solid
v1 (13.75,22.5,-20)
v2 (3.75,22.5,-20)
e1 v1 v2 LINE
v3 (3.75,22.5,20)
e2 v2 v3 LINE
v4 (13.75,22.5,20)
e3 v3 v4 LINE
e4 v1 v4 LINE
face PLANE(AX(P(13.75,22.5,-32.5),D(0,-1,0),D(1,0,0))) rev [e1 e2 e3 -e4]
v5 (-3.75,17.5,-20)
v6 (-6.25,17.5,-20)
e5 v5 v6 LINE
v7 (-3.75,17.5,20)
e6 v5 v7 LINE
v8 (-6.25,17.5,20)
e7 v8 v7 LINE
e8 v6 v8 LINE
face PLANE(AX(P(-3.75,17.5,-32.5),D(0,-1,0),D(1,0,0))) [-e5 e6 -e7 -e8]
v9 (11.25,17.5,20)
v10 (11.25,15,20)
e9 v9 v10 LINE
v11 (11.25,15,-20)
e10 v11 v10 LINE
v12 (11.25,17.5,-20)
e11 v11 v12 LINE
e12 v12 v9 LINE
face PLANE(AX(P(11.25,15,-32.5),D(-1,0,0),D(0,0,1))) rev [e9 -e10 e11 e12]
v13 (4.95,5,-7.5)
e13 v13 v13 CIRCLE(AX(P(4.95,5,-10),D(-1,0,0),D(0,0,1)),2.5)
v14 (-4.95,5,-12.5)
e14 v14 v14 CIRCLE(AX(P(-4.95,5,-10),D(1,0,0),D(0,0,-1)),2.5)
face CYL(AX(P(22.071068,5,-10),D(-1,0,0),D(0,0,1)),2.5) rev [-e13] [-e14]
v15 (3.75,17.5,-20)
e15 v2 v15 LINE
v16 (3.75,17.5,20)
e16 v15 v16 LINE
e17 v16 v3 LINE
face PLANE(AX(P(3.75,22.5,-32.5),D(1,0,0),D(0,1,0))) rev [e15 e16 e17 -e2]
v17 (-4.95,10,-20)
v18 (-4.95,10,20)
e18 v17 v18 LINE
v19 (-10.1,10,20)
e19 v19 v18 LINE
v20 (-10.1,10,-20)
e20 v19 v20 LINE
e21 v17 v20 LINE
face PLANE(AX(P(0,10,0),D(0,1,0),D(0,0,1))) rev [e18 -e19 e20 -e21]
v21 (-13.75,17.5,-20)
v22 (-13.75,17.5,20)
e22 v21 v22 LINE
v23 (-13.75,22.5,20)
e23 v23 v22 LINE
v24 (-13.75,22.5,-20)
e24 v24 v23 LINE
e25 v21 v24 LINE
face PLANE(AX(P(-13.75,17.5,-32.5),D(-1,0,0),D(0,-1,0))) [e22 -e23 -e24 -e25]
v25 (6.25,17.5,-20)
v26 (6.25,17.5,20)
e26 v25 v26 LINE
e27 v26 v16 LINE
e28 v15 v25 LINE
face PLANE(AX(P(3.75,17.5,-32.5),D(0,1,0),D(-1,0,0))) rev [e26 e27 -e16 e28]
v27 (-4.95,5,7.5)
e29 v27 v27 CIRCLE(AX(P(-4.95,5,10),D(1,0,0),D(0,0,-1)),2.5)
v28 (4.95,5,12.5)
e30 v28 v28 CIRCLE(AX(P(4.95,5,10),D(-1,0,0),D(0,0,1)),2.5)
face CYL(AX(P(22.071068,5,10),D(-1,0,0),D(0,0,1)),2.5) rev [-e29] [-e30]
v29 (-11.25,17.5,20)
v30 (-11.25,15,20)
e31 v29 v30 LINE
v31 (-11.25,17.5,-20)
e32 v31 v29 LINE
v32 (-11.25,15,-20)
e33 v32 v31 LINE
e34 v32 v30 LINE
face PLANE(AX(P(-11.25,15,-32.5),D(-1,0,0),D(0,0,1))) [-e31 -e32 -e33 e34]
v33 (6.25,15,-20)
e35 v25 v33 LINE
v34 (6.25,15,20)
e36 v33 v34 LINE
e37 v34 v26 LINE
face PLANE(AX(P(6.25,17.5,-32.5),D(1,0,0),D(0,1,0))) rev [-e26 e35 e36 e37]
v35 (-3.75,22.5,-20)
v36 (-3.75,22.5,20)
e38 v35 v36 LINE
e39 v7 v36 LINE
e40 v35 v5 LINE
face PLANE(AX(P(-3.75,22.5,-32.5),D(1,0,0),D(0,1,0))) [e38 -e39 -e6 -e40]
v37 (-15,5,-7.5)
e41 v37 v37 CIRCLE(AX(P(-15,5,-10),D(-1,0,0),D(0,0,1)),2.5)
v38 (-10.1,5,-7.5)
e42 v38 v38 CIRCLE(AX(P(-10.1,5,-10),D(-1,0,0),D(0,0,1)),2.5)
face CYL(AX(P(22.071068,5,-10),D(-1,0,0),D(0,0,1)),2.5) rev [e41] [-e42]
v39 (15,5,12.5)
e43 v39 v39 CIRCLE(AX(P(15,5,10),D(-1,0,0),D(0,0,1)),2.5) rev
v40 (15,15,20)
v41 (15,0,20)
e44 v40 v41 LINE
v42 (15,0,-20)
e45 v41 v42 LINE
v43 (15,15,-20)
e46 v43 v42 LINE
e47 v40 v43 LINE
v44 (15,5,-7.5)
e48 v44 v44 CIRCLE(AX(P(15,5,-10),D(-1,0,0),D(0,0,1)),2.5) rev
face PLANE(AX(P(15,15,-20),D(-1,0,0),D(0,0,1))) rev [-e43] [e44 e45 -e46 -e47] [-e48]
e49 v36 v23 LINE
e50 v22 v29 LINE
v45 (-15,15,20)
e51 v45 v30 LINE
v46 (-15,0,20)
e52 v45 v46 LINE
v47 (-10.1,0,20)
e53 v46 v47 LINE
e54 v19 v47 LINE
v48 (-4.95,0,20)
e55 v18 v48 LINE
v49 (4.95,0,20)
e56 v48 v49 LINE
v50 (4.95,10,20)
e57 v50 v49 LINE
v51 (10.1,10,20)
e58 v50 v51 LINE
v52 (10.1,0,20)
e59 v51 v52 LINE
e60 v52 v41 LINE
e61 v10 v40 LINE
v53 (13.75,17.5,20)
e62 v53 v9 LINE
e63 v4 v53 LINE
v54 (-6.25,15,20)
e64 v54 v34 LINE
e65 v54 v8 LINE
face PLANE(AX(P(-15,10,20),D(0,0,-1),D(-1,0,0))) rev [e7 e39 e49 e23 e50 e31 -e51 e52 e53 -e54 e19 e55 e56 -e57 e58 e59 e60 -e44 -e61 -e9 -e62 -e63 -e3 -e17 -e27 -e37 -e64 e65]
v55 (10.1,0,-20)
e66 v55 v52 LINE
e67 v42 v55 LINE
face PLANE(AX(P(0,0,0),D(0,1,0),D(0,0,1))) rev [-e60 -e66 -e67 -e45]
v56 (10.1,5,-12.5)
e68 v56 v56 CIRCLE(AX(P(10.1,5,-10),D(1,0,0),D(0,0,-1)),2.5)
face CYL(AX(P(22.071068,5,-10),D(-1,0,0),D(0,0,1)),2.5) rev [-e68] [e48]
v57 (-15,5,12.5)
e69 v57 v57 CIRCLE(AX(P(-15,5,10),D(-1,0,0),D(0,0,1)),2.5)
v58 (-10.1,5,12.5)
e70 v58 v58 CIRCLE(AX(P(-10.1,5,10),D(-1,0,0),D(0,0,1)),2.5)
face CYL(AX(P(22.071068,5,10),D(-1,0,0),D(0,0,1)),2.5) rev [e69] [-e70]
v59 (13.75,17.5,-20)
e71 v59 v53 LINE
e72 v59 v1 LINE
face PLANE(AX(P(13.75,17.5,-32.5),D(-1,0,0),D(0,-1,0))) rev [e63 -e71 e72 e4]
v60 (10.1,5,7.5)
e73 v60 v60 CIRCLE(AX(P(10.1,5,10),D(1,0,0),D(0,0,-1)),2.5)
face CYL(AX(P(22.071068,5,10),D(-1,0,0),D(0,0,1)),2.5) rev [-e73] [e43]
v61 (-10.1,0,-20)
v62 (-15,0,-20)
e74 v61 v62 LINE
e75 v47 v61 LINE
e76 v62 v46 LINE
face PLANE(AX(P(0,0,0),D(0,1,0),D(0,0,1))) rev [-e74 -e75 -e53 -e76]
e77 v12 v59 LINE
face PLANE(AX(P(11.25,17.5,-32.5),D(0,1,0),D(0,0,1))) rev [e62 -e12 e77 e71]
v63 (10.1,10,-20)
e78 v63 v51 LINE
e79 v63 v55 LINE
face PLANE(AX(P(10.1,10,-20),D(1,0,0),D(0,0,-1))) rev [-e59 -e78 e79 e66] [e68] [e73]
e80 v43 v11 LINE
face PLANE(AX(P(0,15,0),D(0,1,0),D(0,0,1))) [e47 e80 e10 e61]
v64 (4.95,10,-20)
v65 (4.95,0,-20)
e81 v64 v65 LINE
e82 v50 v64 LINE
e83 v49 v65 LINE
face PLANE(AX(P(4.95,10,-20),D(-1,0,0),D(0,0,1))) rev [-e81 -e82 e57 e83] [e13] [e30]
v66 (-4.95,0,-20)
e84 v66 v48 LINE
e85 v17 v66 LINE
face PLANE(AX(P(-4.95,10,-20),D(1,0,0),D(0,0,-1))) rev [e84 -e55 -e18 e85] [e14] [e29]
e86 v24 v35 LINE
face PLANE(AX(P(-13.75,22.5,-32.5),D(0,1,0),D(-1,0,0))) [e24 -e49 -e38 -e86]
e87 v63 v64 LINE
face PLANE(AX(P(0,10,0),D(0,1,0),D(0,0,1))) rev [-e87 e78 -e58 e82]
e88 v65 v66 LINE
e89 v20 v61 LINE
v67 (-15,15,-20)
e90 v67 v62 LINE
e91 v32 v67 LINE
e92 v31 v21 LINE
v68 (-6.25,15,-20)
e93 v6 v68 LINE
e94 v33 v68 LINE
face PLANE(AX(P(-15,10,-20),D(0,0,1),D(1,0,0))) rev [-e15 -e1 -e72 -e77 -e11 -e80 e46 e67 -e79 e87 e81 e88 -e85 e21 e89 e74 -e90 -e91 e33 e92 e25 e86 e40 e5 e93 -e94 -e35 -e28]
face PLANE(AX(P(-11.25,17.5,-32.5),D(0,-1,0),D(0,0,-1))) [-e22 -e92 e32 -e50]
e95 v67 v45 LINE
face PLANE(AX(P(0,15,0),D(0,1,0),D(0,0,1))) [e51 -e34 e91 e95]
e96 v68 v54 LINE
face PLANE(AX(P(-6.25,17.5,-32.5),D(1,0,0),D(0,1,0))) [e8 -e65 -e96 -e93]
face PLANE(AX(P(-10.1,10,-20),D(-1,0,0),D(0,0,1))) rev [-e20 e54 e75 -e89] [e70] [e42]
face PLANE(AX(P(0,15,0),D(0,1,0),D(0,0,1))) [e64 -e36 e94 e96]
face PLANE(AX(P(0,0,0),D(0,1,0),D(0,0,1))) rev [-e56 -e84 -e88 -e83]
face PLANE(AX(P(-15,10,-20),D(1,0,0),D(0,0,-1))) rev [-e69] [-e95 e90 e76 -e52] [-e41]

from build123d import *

# Parameters (mm, degrees)
SKETCH2_W             = 9.9
SKETCH2_H             = 40
BOSS_EXTRUDE1_DEPTH   = 10
SKETCH2_W_2           = 4.9
BOSS_EXTRUDE1_2_DEPTH = 10
BOSS_EXTRUDE1_3_DEPTH = 10
SKETCH3_R             = 2.5
CUT_EXTRUDE1_DEPTH    = 30
SKETCH4_W             = 30
SKETCH4_H             = 40
BOSS_EXTRUDE2_DEPTH   = 5
BOSS_EXTRUDE3_DEPTH   = 40


with BuildPart() as part:
    # Sketch2 → Boss-Extrude1 (new body)
    with BuildSketch(Plane(origin=(0, 0, 0), x_dir=(1, 0, 0), z_dir=(0, 1, 0))):
        Rectangle(SKETCH2_W, SKETCH2_H)
    extrude(amount=BOSS_EXTRUDE1_DEPTH)


with BuildPart() as body_2:
    # Sketch2 → Boss-Extrude1 2 (new body)
    with BuildSketch(Plane(origin=(0, 0, 0), x_dir=(1, 0, 0), z_dir=(0, 1, 0))):
        with Locations((-12.55, 0)):
            Rectangle(SKETCH2_W_2, SKETCH2_H)
    extrude(amount=BOSS_EXTRUDE1_2_DEPTH)


with BuildPart() as body_3:
    # Sketch2 → Boss-Extrude1 3 (new body)
    with BuildSketch(Plane(origin=(0, 0, 0), x_dir=(1, 0, 0), z_dir=(0, 1, 0))):
        with Locations((12.55, 0)):
            Rectangle(SKETCH2_W_2, SKETCH2_H)
    extrude(amount=BOSS_EXTRUDE1_3_DEPTH)


with BuildPart() as cut_extrude1_tool:
    # Sketch3 → Cut-Extrude1 (new body)
    with BuildSketch(Plane.ZY.offset(15)):
        with Locations((-10, 5)):
            Circle(SKETCH3_R)
        with Locations((10, 5)):
            Circle(SKETCH3_R)
    extrude(amount=-CUT_EXTRUDE1_DEPTH)


with BuildPart() as part_1:
    add(part.part)

    # Cut-Extrude1: cut by cut_extrude1_tool
    add(cut_extrude1_tool.part, mode=Mode.SUBTRACT)



with BuildPart() as body_2_1:
    add(body_2.part)

    # Cut-Extrude1: cut by cut_extrude1_tool
    add(cut_extrude1_tool.part, mode=Mode.SUBTRACT)


with BuildPart() as body_3_1:
    add(body_3.part)

    # Cut-Extrude1: cut by cut_extrude1_tool
    add(cut_extrude1_tool.part, mode=Mode.SUBTRACT)


with BuildPart() as part_2:
    add(part_1.part)

    add(body_2_1.part)  # Boss-Extrude2 merges body 2

    add(body_3_1.part)  # Boss-Extrude2 merges body 3
    # Sketch4 → Boss-Extrude2 (add)
    with BuildSketch(Plane(origin=(0, 10, 0), x_dir=(1, 0, 0), z_dir=(0, 1, 0))):
        Rectangle(SKETCH4_W, SKETCH4_H)
    extrude(amount=BOSS_EXTRUDE2_DEPTH)

    # Sketch5 → Boss-Extrude3 (add)
    with BuildSketch(Plane.XY.offset(20)):
        Polygon((-11.25, 15), (-11.25, 17.5), (-13.75, 17.5), (-13.75, 22.5), (-3.75, 22.5), (-3.75, 17.5), (-6.25, 17.5), (-6.25, 15), align=None)
    boss_extrude3 = extrude(amount=-BOSS_EXTRUDE3_DEPTH)

    # Mirror1: Boss-Extrude3 across Right Plane
    add(boss_extrude3.mirror(Plane(origin=(0, 0, 0), x_dir=(0, 0, -1), z_dir=(1, 0, 0))))


solid = part_2.part
